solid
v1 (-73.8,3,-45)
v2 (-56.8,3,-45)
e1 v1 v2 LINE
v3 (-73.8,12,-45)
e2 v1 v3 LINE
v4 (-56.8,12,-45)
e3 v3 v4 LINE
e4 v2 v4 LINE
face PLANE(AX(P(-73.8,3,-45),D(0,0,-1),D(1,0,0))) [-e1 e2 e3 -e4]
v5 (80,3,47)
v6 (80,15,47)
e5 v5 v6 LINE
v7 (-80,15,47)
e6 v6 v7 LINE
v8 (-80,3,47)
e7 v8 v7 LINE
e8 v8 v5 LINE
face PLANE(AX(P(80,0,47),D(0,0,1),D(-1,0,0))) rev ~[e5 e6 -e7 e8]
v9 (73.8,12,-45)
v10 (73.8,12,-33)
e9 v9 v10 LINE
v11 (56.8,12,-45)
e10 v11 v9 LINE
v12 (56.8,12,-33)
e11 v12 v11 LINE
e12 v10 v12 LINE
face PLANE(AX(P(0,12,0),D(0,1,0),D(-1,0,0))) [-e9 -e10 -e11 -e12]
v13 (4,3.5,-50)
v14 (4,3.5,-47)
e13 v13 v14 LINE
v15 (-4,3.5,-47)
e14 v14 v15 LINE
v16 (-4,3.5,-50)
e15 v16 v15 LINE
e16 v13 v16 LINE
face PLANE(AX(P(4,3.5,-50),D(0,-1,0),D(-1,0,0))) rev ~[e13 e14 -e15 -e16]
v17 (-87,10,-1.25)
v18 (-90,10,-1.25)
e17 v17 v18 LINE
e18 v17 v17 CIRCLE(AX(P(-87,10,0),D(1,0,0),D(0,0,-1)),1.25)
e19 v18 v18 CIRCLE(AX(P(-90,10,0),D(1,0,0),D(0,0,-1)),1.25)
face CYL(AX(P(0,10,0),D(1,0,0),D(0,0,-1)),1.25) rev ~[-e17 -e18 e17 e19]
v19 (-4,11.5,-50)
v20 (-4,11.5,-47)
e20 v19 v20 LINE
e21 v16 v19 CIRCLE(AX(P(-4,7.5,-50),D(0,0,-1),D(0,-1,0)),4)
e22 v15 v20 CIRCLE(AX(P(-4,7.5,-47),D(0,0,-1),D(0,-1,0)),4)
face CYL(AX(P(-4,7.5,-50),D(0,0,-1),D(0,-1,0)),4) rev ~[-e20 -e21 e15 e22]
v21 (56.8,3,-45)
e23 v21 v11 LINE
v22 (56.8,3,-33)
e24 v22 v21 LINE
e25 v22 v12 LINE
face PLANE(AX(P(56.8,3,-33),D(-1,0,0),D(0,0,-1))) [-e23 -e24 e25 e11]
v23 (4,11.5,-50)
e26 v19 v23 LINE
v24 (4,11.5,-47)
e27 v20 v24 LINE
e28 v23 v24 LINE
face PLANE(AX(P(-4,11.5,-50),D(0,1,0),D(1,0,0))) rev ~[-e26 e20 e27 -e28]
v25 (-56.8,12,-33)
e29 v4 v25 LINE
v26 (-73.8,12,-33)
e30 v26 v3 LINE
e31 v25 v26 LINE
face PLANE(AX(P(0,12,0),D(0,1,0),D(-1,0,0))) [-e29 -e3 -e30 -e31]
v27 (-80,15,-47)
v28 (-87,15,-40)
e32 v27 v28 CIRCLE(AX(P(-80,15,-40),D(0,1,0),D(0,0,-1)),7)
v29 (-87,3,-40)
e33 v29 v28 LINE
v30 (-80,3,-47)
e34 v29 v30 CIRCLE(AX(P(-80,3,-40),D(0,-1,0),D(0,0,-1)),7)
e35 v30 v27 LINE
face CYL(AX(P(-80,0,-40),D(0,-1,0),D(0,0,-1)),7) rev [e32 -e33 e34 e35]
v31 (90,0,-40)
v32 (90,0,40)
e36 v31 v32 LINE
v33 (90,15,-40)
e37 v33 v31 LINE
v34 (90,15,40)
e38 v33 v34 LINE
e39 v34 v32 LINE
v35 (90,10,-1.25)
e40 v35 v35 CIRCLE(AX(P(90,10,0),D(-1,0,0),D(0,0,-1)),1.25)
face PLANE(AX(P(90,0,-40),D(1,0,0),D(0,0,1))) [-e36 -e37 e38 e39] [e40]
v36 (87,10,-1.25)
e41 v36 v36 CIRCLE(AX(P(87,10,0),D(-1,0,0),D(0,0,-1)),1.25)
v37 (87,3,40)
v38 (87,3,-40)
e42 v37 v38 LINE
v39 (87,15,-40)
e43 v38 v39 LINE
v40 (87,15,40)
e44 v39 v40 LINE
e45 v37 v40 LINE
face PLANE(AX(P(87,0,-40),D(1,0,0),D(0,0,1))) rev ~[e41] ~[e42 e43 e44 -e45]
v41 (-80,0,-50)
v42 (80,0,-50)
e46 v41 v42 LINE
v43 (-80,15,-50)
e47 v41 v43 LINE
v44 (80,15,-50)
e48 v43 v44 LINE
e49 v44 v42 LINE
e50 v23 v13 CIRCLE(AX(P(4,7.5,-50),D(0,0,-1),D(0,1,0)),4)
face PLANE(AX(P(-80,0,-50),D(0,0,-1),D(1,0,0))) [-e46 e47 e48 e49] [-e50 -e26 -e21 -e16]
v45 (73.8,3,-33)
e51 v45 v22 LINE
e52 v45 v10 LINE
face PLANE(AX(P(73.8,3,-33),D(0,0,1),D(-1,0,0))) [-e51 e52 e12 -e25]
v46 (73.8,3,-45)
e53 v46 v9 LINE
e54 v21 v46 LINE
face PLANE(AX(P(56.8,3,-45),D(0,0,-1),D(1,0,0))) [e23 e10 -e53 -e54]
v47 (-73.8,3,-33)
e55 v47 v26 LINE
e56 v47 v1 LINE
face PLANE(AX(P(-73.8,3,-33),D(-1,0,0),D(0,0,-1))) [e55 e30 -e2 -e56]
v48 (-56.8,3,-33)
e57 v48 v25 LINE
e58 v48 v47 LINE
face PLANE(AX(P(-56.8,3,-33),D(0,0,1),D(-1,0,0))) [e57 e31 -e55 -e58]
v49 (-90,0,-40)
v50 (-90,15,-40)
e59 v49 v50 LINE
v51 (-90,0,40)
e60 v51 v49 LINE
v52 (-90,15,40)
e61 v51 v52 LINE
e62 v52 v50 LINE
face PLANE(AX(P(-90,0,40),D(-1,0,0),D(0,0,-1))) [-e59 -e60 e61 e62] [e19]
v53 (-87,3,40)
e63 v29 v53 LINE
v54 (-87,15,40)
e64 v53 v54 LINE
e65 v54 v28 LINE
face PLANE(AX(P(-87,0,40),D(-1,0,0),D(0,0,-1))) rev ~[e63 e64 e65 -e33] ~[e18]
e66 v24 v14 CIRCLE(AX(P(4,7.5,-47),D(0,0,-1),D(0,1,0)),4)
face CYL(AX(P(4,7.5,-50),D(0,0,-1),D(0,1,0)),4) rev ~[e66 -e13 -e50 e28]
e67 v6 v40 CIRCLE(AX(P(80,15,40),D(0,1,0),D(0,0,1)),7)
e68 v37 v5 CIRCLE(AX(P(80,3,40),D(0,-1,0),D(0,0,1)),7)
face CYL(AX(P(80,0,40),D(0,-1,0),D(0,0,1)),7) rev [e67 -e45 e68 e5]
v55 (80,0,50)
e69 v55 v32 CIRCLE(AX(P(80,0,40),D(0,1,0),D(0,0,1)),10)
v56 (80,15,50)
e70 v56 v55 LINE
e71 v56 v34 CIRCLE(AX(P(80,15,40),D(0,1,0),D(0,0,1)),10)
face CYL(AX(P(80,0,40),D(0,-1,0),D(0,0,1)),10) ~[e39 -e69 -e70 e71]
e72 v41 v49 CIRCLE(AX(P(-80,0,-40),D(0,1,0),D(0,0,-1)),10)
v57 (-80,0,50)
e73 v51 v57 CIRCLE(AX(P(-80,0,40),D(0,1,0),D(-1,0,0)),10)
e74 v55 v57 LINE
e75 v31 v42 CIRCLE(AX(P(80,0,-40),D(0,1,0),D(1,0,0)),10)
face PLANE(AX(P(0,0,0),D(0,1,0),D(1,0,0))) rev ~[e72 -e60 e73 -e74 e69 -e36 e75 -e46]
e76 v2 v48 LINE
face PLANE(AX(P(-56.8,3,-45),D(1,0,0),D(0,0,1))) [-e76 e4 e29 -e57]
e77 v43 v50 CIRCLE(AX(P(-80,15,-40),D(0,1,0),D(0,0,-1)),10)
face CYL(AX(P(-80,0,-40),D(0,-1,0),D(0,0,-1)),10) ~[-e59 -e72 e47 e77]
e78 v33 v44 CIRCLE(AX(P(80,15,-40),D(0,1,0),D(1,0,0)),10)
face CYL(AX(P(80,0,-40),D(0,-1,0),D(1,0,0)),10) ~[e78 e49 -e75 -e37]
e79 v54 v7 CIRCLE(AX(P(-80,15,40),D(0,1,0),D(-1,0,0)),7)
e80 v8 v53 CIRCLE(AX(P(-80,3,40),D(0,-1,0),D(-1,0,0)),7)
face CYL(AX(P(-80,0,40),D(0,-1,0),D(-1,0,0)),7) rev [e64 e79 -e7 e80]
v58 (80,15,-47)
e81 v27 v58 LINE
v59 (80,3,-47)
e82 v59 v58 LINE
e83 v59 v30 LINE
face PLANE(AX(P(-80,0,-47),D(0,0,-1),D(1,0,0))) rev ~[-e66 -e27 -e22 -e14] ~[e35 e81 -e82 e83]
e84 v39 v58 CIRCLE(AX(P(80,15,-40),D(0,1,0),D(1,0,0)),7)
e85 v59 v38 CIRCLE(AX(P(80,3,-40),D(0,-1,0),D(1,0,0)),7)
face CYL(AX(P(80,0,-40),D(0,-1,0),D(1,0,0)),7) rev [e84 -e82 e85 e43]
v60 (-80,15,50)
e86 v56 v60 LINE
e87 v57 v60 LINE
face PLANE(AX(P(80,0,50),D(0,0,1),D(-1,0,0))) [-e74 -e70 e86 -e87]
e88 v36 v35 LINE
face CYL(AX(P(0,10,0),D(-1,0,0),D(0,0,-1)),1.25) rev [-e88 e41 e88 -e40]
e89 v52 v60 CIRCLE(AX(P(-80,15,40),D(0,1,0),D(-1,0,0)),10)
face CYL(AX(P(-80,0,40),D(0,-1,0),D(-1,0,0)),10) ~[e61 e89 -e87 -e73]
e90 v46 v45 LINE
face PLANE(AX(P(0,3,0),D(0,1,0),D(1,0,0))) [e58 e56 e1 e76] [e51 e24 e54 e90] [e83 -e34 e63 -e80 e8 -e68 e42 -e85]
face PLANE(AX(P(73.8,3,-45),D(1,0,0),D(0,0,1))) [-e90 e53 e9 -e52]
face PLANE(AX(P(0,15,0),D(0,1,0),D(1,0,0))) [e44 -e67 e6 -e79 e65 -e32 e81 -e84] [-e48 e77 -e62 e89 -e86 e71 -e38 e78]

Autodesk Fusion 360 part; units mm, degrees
sketch "Walls" plane through (0, 0, 0) normal (0, 1, 0) x (1, 0, 0)
  line L0 (-80, 50) -> (80, 50)
  line L1 (90, 40) -> (90, -40)
  line L2 (80, -50) -> (-80, -50)
  line L3 (-90, -40) -> (-90, 40)
  line L4 (-90, 50) -> (90, -50) construction
  line L5 (90, 50) -> (-90, -50) construction
  arc A0 (-90, -40) -> (-80, -50) centre (-80, -40) ccw
  arc A1 (80, -50) -> (90, -40) centre (80, -40) ccw
  arc A2 (90, 40) -> (80, 50) centre (80, 40) ccw
  arc A3 (-80, 50) -> (-90, 40) centre (-80, 40) ccw
  arc A4 (87, 40) -> (80, 47) centre (80, 40) ccw
  line L6 (-80, 47) -> (80, 47)
  arc A5 (-80, 47) -> (-87, 40) centre (-80, 40) ccw
  line L7 (-87, -40) -> (-87, 40)
  arc A6 (-87, -40) -> (-80, -47) centre (-80, -40) ccw
  line L8 (80, -47) -> (-80, -47)
  arc A7 (80, -47) -> (87, -40) centre (80, -40) ccw
  line L9 (87, 40) -> (87, -40)
  dimension "d1" = 180
  dimension "d2" = 100
  dimension "d3" = 10
  dimension "d4" = 3
extrude "Floor Extrusion" add sketch "Walls" along normal blind 3 contours L0 L1 L2 L3 A0 A1 A2 A3 | A4 L6 A5 L7 A6 L8 A7 L9
extrude "Walls Extrusion" add sketch "Walls" along normal blind 15
sketch "Port" plane through (0, 0, -50) normal (0, 0, -1) x (-1, 0, 0)
  line L0 (-80, 0) -> (80, 0)
  line L1 (80, 0) -> (80, 15)
  line L2 (80, 15) -> (-80, 15)
  line L3 (-80, 15) -> (-80, 0)
  line L4 (4, 11.5) -> (-4, 11.5)
  arc A0 (-4, 11.5) -> (-4, 3.5) centre (-4, 7.5) ccw
  line L5 (-4, 3.5) -> (4, 3.5)
  arc A1 (4, 3.5) -> (4, 11.5) centre (4, 7.5) ccw
  line L6 (4, 7.5) -> (-4, 7.5) construction
  line L7 (80, 0) -> (-80, 0)
  dimension "d11" = 8
  dimension "d12" = 8
  dimension "d25" = 4
  dimension "d42" = 7.5
extrude "Port Extrusion" cut sketch "Port" against normal blind 3 contours L4 A0 L5 A1
sketch "Tab Holes" plane through (0, 0, 0) normal (1, 0, 0) x (0, 0, -1)
  circle A0 centre (0, 10) radius 1.25
  line L0 (-40, 15) -> (40, 15)
  dimension "d26" = 2.5
  dimension "d27" = 5
extrude "Tab Holes Extrusion" cut sketch "Tab Holes" along normal through all and the other way through all
sketch "Encoder Blocks" plane through (0, 3, 0) normal (0, 1, 0) x (-1, 0, 0)
  line L0 (87, -40) -> (87, 40)
  arc A0 (87, 40) -> (80, 47) centre (80, 40) ccw
  line L1 (80, 47) -> (-80, 47)
  arc A1 (-80, 47) -> (-87, 40) centre (-80, 40) ccw
  line L2 (-87, 40) -> (-87, -40)
  arc A2 (-87, -40) -> (-80, -47) centre (-80, -40) ccw
  line L3 (-80, -47) -> (80, -47)
  arc A3 (80, -47) -> (87, -40) centre (80, -40) ccw
  line L4 (73.8, -45) -> (56.8, -45)
  line L5 (56.8, -45) -> (56.8, -33)
  line L6 (56.8, -33) -> (73.8, -33)
  line L7 (73.8, -33) -> (73.8, -45)
  line L8 (73.8, -45) -> (56.8, -33) construction
  line L9 (56.8, -45) -> (73.8, -33) construction
  line L10 (80, -50) -> (-80, -50)
  line L11 (90, 40) -> (90, -40)
  line L12 (-56.8, -45) -> (-73.8, -33) construction
  line L13 (-56.8, -33) -> (-56.8, -45)
  line L14 (-56.8, -45) -> (-73.8, -45)
  line L15 (-73.8, -45) -> (-56.8, -33) construction
  line L16 (-73.8, -33) -> (-56.8, -33)
  line L17 (-73.8, -45) -> (-73.8, -33)
  line L18 (80, -47) -> (-80, -47)
  line L19 (-90, -40) -> (-90, 40)
  point P0 (65.3, -39)
  point P1 (-65.3, -39)
  dimension "d29" = 17
  dimension "d30" = 12
  dimension "d31" = 5
  dimension "d32" = 16.2
  dimension "d35" = 17
  dimension "d36" = 12
  dimension "d38" = 5
  dimension "d39" = 16.2
extrude "Left Encoder Block Extrusion" add sketch "Encoder Blocks" along normal blind 9 contours L4 L5 L6 L7
extrude "Right Encoder Block Extrusion" add sketch "Encoder Blocks" along normal blind 9 contours L13 L14 L16 L17
equation "d25 = ( 8 / 2 ) * 1 mm"
equation "d27 = ( 10 / 2 ) * 1 mm"
equation "d33 = 15 mm - 3 mm - 3 mm"
equation "d40 = 15 mm - 3 mm - 3 mm"
equation "d42 = ( 15 / 2 ) * 1 mm"
